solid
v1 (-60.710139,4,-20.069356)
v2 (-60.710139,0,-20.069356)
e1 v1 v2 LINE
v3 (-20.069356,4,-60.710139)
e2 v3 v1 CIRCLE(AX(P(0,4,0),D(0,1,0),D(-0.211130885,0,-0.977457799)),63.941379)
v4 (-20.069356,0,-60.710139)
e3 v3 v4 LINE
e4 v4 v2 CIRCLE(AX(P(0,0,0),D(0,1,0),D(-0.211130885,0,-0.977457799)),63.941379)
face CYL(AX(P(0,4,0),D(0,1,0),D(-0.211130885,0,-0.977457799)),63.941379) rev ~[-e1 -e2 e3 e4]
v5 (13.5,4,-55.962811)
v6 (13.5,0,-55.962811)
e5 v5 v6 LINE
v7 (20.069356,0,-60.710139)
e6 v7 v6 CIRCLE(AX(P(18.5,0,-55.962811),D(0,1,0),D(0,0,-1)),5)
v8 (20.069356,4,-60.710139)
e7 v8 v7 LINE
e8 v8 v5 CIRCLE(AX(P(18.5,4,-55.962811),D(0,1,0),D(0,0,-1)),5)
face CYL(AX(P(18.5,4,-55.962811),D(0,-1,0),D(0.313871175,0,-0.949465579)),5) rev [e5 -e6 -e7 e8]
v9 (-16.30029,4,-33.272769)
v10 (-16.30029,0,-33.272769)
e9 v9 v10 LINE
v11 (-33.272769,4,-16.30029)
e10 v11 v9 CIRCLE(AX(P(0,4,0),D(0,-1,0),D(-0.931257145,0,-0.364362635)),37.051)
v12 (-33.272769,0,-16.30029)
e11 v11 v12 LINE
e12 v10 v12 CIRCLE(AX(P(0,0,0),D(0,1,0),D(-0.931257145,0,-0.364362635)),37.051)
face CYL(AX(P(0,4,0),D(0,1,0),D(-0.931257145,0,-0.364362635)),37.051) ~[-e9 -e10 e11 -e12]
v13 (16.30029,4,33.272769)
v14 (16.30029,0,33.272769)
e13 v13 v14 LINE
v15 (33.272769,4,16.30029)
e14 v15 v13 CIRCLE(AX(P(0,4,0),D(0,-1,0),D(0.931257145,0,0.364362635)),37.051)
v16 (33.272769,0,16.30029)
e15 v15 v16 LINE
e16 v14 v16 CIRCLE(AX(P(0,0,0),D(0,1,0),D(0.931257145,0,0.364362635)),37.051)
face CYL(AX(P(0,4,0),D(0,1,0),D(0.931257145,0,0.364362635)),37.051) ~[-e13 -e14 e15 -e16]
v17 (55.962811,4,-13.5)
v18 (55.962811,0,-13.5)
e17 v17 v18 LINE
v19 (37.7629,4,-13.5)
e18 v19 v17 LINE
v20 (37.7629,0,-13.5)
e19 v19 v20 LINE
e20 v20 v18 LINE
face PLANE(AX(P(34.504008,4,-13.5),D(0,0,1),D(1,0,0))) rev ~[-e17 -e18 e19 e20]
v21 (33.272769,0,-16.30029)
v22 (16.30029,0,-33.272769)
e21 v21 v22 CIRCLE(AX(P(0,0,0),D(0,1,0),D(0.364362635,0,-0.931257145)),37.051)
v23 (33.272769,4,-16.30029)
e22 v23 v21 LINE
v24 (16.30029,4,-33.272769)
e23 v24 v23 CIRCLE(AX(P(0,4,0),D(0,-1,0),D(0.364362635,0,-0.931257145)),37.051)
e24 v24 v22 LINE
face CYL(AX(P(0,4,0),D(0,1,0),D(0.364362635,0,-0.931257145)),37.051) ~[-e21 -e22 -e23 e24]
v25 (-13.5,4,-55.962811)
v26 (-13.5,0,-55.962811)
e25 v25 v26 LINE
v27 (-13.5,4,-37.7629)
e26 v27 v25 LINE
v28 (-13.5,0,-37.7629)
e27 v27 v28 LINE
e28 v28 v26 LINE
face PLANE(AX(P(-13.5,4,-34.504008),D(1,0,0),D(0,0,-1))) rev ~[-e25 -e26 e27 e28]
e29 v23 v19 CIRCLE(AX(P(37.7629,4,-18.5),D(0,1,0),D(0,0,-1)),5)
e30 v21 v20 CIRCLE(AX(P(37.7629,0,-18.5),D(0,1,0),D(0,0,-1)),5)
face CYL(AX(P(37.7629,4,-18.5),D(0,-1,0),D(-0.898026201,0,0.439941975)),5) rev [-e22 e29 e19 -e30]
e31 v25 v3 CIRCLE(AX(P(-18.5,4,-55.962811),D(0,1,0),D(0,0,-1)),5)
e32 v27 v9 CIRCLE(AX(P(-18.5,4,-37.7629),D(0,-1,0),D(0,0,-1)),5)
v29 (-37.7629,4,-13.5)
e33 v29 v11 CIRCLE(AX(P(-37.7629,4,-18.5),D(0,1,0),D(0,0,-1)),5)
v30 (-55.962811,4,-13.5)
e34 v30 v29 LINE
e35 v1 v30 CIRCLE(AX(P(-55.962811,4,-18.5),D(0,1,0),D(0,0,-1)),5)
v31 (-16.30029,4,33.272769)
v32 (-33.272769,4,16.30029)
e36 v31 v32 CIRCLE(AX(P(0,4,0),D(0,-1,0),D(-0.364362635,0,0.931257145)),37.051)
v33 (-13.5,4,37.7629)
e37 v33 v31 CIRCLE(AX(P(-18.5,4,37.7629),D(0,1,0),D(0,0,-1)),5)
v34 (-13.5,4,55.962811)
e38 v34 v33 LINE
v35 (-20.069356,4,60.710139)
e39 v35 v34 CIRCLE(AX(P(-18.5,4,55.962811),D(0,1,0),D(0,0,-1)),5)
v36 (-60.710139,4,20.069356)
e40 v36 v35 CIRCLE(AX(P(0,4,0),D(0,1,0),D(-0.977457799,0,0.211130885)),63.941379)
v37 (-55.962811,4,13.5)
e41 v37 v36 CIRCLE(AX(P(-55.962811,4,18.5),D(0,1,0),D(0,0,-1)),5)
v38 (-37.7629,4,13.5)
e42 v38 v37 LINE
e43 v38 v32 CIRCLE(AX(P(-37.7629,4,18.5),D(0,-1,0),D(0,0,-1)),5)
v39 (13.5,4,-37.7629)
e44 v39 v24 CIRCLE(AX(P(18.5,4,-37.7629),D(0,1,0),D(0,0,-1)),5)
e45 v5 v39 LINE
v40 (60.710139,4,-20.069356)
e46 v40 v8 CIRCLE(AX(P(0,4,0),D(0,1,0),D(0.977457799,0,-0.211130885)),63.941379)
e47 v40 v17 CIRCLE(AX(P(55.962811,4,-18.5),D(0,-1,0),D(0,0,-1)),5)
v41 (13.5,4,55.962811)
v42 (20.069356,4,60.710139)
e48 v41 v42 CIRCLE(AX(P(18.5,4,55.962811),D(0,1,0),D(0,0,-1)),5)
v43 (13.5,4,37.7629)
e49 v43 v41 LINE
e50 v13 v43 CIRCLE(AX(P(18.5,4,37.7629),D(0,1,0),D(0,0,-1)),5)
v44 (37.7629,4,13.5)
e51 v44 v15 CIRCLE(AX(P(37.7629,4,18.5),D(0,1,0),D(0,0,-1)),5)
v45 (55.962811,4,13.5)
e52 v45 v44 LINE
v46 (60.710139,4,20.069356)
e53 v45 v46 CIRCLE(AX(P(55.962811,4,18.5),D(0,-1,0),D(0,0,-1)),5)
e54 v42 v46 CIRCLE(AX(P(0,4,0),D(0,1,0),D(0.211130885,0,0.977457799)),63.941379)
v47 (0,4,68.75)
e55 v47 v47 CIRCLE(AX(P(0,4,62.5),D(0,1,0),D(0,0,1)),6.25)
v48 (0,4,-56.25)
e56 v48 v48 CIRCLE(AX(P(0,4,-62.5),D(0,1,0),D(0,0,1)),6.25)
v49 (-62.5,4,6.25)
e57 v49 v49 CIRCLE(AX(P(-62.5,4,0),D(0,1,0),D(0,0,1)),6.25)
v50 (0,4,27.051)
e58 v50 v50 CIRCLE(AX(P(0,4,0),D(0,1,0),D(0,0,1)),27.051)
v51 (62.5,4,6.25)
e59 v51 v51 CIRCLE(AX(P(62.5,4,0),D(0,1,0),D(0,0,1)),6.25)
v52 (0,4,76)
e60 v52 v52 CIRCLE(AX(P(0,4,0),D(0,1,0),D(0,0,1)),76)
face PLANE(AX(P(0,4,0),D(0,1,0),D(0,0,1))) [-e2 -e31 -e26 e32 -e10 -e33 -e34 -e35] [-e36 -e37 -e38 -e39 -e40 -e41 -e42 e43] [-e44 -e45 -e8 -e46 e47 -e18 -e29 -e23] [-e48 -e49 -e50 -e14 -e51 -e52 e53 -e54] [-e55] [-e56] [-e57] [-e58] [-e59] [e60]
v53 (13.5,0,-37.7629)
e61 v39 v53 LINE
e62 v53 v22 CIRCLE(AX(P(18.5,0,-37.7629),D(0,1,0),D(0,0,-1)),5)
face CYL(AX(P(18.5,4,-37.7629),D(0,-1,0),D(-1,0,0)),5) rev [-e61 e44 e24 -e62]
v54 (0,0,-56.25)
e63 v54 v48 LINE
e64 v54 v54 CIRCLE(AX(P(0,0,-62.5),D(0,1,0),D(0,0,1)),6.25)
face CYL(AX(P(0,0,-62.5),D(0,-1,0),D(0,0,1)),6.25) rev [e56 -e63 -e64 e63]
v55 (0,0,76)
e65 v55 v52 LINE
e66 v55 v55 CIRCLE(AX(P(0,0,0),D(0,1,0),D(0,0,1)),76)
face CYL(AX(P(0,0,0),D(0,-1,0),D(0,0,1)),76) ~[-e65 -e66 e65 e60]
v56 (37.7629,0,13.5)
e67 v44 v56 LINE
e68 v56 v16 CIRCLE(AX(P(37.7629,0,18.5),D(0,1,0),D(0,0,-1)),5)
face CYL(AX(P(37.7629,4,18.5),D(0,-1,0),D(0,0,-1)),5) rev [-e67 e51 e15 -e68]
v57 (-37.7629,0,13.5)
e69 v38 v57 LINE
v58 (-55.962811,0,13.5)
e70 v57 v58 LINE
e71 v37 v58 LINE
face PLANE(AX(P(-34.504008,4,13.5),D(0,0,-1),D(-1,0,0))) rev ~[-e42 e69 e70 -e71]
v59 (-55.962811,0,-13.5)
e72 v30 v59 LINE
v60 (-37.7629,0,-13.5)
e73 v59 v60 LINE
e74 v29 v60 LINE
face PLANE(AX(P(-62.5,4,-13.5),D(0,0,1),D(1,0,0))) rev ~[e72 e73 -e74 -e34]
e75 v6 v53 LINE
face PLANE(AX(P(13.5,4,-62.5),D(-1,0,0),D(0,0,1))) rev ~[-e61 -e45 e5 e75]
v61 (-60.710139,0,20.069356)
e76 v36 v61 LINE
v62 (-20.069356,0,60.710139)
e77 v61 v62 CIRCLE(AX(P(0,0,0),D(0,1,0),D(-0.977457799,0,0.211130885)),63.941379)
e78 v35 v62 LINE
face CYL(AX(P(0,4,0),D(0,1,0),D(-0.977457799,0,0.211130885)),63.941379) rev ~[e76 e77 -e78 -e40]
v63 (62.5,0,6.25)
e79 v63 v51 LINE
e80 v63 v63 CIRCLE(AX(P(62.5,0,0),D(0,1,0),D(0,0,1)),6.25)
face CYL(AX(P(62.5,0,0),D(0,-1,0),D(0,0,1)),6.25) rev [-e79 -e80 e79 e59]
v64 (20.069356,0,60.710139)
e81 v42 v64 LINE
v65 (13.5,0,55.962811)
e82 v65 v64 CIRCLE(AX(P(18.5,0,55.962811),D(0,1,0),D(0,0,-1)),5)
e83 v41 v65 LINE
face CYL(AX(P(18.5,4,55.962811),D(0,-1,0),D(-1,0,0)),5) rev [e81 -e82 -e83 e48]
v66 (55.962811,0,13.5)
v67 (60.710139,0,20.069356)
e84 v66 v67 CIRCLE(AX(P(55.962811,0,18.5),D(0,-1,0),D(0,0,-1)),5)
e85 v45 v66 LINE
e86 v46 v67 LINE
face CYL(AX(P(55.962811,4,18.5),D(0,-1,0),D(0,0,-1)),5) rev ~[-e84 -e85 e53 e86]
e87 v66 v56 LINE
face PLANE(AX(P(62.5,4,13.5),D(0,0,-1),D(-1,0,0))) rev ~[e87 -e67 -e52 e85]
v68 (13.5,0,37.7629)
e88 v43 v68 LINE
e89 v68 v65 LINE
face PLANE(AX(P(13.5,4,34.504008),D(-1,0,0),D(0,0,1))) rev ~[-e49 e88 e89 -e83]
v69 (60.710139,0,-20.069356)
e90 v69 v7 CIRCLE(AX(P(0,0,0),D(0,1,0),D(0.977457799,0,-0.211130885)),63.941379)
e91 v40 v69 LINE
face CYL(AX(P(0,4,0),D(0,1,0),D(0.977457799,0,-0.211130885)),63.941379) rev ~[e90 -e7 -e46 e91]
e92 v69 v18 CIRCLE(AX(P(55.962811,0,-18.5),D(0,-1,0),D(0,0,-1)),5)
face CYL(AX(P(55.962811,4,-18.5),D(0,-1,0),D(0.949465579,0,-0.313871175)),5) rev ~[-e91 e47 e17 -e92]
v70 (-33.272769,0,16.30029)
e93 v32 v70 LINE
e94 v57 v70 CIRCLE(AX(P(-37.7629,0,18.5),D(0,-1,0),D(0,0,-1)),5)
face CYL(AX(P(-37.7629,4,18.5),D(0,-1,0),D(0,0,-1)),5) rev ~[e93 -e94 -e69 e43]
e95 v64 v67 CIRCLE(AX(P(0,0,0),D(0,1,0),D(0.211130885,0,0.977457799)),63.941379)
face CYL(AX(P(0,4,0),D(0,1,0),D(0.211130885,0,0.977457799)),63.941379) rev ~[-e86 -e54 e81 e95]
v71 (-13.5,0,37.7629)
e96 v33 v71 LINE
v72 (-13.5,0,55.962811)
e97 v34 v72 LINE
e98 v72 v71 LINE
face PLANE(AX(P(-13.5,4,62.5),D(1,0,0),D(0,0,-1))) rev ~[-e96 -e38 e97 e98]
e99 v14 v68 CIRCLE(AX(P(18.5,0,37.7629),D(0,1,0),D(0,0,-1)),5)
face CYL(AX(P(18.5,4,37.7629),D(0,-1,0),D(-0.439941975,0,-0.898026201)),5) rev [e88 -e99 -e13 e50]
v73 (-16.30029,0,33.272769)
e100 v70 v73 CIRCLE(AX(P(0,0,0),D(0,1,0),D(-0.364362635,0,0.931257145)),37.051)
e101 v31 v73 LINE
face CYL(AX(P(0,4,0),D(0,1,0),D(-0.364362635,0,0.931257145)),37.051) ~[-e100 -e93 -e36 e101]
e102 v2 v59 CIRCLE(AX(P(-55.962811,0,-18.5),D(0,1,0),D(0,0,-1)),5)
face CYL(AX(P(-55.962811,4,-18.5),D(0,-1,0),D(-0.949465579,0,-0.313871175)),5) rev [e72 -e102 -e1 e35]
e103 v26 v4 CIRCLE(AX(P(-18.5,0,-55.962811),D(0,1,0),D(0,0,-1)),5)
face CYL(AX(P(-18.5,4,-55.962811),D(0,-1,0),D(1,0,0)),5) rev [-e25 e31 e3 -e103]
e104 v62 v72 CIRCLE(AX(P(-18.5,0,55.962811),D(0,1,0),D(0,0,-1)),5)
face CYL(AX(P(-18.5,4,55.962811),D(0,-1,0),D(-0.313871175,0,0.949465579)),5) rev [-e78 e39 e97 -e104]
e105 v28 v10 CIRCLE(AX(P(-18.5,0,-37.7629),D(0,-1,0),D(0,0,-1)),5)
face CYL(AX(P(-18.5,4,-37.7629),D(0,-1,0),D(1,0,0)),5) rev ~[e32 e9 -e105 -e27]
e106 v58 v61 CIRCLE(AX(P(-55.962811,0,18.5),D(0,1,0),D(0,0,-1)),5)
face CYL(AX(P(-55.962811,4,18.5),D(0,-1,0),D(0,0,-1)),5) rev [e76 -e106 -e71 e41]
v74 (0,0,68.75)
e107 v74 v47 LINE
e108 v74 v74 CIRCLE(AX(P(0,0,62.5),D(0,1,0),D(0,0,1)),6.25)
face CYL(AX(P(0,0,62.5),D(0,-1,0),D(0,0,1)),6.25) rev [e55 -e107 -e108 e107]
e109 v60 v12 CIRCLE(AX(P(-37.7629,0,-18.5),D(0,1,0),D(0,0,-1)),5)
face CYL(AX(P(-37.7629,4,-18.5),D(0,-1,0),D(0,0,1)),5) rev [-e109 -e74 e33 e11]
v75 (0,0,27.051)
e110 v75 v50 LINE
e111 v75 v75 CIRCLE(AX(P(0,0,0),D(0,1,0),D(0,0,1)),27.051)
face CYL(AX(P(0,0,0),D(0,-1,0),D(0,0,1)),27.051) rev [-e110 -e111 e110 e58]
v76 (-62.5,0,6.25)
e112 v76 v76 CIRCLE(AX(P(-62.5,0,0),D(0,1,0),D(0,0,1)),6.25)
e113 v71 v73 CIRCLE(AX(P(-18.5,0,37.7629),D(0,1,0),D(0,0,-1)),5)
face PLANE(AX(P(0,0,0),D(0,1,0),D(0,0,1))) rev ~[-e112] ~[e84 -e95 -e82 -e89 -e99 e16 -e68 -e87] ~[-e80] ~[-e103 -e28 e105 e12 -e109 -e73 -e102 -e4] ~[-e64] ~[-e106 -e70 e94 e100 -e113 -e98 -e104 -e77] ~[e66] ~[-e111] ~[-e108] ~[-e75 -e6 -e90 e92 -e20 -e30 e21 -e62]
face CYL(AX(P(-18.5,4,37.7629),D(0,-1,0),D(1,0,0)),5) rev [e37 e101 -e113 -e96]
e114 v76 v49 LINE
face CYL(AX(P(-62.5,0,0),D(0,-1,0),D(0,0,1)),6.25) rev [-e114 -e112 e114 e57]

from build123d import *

# Parameters (mm, degrees)
SKETCH1_R           = 76
SKETCH1_R_2         = 27.051
SKETCH1_R_3         = 6.25
BOSS_EXTRUDE1_DEPTH = 4
CUT_EXTRUDE2_DEPTH  = 108.554637278
FILLET1_R           = 5


with BuildPart() as part:
    # Sketch1 → Boss-Extrude1 (new body)
    with BuildSketch(Plane(origin=(0, 0, 0), x_dir=(1, 0, 0), z_dir=(0, 1, 0))):
        with Locations(Location((0, 0, 0), (0, 0, 270))):
            Circle(SKETCH1_R)
        with Locations(Location((0, 0, 0), (0, 0, 270))):
            Circle(SKETCH1_R_2, mode=Mode.SUBTRACT)
        with Locations(Location((0, 62.5, 0), (0, 0, 270))):
            Circle(SKETCH1_R_3, mode=Mode.SUBTRACT)
        with Locations(Location((62.5, 0, 0), (0, 0, 270))):
            Circle(SKETCH1_R_3, mode=Mode.SUBTRACT)
        with Locations(Location((0, -62.5, 0), (0, 0, 270))):
            Circle(SKETCH1_R_3, mode=Mode.SUBTRACT)
        with Locations(Location((-62.5, 0, 0), (0, 0, 270))):
            Circle(SKETCH1_R_3, mode=Mode.SUBTRACT)
    extrude(amount=BOSS_EXTRUDE1_DEPTH)

    # Sketch4 → Cut-Extrude2 (cut, through all)
    with BuildSketch(Plane(origin=(0, 4, 0), x_dir=(1, 0, 0), z_dir=(0, 1, 0))):
        with BuildLine():
            ThreePointArc((-34.504008477, 13.5), (-26.19901335, 26.19901335), (-13.5, 34.504008477))
            Line((-13.5, 34.504008477), (-13.5, 62.5))
            ThreePointArc((-13.5, 62.5), (-45.213382975, 45.213382975), (-62.5, 13.5))
            Line((-62.5, 13.5), (-34.504008477, 13.5))
        make_face()
        with BuildLine():
            ThreePointArc((62.5, 13.5), (45.213382975, 45.213382975), (13.5, 62.5))
            Line((13.5, 62.5), (13.5, 34.504008477))
            ThreePointArc((13.5, 34.504008477), (26.19901335, 26.19901335), (34.504008477, 13.5))
            Line((34.504008477, 13.5), (62.5, 13.5))
        make_face()
        with BuildLine():
            Line((62.5, -13.5), (34.504008477, -13.5))
            ThreePointArc((34.504008477, -13.5), (26.19901335, -26.19901335), (13.5, -34.504008477))
            Line((13.5, -34.504008477), (13.5, -62.5))
            ThreePointArc((13.5, -62.5), (45.213382975, -45.213382975), (62.5, -13.5))
        make_face()
        with BuildLine():
            ThreePointArc((-13.5, -34.504008477), (-26.19901335, -26.19901335), (-34.504008477, -13.5))
            Line((-34.504008477, -13.5), (-62.5, -13.5))
            ThreePointArc((-62.5, -13.5), (-45.213382975, -45.213382975), (-13.5, -62.5))
            Line((-13.5, -62.5), (-13.5, -34.504008477))
        make_face()
    extrude(amount=-CUT_EXTRUDE2_DEPTH, mode=Mode.SUBTRACT)

    # Fillet1
    fillet1_edges = [part.edges().sort_by_distance(p)[0] for p in [
        (-34.504008477, 2, 13.5),
        (-13.5, 2, 34.504008477),
        (-13.5, 2, 62.5),
        (-62.5, 2, 13.5),
        (13.5, 2, 34.504008477),
        (34.504008477, 2, 13.5),
        (62.5, 2, 13.5),
        (13.5, 2, 62.5),
        (34.504008477, 2, -13.5),
        (13.5, 2, -34.504008477),
        (13.5, 2, -62.5),
        (62.5, 2, -13.5),
        (-13.5, 2, -34.504008477),
        (-34.504008477, 2, -13.5),
        (-62.5, 2, -13.5),
        (-13.5, 2, -62.5),
    ]]
    fillet(fillet1_edges, radius=FILLET1_R)


solid = part.part
